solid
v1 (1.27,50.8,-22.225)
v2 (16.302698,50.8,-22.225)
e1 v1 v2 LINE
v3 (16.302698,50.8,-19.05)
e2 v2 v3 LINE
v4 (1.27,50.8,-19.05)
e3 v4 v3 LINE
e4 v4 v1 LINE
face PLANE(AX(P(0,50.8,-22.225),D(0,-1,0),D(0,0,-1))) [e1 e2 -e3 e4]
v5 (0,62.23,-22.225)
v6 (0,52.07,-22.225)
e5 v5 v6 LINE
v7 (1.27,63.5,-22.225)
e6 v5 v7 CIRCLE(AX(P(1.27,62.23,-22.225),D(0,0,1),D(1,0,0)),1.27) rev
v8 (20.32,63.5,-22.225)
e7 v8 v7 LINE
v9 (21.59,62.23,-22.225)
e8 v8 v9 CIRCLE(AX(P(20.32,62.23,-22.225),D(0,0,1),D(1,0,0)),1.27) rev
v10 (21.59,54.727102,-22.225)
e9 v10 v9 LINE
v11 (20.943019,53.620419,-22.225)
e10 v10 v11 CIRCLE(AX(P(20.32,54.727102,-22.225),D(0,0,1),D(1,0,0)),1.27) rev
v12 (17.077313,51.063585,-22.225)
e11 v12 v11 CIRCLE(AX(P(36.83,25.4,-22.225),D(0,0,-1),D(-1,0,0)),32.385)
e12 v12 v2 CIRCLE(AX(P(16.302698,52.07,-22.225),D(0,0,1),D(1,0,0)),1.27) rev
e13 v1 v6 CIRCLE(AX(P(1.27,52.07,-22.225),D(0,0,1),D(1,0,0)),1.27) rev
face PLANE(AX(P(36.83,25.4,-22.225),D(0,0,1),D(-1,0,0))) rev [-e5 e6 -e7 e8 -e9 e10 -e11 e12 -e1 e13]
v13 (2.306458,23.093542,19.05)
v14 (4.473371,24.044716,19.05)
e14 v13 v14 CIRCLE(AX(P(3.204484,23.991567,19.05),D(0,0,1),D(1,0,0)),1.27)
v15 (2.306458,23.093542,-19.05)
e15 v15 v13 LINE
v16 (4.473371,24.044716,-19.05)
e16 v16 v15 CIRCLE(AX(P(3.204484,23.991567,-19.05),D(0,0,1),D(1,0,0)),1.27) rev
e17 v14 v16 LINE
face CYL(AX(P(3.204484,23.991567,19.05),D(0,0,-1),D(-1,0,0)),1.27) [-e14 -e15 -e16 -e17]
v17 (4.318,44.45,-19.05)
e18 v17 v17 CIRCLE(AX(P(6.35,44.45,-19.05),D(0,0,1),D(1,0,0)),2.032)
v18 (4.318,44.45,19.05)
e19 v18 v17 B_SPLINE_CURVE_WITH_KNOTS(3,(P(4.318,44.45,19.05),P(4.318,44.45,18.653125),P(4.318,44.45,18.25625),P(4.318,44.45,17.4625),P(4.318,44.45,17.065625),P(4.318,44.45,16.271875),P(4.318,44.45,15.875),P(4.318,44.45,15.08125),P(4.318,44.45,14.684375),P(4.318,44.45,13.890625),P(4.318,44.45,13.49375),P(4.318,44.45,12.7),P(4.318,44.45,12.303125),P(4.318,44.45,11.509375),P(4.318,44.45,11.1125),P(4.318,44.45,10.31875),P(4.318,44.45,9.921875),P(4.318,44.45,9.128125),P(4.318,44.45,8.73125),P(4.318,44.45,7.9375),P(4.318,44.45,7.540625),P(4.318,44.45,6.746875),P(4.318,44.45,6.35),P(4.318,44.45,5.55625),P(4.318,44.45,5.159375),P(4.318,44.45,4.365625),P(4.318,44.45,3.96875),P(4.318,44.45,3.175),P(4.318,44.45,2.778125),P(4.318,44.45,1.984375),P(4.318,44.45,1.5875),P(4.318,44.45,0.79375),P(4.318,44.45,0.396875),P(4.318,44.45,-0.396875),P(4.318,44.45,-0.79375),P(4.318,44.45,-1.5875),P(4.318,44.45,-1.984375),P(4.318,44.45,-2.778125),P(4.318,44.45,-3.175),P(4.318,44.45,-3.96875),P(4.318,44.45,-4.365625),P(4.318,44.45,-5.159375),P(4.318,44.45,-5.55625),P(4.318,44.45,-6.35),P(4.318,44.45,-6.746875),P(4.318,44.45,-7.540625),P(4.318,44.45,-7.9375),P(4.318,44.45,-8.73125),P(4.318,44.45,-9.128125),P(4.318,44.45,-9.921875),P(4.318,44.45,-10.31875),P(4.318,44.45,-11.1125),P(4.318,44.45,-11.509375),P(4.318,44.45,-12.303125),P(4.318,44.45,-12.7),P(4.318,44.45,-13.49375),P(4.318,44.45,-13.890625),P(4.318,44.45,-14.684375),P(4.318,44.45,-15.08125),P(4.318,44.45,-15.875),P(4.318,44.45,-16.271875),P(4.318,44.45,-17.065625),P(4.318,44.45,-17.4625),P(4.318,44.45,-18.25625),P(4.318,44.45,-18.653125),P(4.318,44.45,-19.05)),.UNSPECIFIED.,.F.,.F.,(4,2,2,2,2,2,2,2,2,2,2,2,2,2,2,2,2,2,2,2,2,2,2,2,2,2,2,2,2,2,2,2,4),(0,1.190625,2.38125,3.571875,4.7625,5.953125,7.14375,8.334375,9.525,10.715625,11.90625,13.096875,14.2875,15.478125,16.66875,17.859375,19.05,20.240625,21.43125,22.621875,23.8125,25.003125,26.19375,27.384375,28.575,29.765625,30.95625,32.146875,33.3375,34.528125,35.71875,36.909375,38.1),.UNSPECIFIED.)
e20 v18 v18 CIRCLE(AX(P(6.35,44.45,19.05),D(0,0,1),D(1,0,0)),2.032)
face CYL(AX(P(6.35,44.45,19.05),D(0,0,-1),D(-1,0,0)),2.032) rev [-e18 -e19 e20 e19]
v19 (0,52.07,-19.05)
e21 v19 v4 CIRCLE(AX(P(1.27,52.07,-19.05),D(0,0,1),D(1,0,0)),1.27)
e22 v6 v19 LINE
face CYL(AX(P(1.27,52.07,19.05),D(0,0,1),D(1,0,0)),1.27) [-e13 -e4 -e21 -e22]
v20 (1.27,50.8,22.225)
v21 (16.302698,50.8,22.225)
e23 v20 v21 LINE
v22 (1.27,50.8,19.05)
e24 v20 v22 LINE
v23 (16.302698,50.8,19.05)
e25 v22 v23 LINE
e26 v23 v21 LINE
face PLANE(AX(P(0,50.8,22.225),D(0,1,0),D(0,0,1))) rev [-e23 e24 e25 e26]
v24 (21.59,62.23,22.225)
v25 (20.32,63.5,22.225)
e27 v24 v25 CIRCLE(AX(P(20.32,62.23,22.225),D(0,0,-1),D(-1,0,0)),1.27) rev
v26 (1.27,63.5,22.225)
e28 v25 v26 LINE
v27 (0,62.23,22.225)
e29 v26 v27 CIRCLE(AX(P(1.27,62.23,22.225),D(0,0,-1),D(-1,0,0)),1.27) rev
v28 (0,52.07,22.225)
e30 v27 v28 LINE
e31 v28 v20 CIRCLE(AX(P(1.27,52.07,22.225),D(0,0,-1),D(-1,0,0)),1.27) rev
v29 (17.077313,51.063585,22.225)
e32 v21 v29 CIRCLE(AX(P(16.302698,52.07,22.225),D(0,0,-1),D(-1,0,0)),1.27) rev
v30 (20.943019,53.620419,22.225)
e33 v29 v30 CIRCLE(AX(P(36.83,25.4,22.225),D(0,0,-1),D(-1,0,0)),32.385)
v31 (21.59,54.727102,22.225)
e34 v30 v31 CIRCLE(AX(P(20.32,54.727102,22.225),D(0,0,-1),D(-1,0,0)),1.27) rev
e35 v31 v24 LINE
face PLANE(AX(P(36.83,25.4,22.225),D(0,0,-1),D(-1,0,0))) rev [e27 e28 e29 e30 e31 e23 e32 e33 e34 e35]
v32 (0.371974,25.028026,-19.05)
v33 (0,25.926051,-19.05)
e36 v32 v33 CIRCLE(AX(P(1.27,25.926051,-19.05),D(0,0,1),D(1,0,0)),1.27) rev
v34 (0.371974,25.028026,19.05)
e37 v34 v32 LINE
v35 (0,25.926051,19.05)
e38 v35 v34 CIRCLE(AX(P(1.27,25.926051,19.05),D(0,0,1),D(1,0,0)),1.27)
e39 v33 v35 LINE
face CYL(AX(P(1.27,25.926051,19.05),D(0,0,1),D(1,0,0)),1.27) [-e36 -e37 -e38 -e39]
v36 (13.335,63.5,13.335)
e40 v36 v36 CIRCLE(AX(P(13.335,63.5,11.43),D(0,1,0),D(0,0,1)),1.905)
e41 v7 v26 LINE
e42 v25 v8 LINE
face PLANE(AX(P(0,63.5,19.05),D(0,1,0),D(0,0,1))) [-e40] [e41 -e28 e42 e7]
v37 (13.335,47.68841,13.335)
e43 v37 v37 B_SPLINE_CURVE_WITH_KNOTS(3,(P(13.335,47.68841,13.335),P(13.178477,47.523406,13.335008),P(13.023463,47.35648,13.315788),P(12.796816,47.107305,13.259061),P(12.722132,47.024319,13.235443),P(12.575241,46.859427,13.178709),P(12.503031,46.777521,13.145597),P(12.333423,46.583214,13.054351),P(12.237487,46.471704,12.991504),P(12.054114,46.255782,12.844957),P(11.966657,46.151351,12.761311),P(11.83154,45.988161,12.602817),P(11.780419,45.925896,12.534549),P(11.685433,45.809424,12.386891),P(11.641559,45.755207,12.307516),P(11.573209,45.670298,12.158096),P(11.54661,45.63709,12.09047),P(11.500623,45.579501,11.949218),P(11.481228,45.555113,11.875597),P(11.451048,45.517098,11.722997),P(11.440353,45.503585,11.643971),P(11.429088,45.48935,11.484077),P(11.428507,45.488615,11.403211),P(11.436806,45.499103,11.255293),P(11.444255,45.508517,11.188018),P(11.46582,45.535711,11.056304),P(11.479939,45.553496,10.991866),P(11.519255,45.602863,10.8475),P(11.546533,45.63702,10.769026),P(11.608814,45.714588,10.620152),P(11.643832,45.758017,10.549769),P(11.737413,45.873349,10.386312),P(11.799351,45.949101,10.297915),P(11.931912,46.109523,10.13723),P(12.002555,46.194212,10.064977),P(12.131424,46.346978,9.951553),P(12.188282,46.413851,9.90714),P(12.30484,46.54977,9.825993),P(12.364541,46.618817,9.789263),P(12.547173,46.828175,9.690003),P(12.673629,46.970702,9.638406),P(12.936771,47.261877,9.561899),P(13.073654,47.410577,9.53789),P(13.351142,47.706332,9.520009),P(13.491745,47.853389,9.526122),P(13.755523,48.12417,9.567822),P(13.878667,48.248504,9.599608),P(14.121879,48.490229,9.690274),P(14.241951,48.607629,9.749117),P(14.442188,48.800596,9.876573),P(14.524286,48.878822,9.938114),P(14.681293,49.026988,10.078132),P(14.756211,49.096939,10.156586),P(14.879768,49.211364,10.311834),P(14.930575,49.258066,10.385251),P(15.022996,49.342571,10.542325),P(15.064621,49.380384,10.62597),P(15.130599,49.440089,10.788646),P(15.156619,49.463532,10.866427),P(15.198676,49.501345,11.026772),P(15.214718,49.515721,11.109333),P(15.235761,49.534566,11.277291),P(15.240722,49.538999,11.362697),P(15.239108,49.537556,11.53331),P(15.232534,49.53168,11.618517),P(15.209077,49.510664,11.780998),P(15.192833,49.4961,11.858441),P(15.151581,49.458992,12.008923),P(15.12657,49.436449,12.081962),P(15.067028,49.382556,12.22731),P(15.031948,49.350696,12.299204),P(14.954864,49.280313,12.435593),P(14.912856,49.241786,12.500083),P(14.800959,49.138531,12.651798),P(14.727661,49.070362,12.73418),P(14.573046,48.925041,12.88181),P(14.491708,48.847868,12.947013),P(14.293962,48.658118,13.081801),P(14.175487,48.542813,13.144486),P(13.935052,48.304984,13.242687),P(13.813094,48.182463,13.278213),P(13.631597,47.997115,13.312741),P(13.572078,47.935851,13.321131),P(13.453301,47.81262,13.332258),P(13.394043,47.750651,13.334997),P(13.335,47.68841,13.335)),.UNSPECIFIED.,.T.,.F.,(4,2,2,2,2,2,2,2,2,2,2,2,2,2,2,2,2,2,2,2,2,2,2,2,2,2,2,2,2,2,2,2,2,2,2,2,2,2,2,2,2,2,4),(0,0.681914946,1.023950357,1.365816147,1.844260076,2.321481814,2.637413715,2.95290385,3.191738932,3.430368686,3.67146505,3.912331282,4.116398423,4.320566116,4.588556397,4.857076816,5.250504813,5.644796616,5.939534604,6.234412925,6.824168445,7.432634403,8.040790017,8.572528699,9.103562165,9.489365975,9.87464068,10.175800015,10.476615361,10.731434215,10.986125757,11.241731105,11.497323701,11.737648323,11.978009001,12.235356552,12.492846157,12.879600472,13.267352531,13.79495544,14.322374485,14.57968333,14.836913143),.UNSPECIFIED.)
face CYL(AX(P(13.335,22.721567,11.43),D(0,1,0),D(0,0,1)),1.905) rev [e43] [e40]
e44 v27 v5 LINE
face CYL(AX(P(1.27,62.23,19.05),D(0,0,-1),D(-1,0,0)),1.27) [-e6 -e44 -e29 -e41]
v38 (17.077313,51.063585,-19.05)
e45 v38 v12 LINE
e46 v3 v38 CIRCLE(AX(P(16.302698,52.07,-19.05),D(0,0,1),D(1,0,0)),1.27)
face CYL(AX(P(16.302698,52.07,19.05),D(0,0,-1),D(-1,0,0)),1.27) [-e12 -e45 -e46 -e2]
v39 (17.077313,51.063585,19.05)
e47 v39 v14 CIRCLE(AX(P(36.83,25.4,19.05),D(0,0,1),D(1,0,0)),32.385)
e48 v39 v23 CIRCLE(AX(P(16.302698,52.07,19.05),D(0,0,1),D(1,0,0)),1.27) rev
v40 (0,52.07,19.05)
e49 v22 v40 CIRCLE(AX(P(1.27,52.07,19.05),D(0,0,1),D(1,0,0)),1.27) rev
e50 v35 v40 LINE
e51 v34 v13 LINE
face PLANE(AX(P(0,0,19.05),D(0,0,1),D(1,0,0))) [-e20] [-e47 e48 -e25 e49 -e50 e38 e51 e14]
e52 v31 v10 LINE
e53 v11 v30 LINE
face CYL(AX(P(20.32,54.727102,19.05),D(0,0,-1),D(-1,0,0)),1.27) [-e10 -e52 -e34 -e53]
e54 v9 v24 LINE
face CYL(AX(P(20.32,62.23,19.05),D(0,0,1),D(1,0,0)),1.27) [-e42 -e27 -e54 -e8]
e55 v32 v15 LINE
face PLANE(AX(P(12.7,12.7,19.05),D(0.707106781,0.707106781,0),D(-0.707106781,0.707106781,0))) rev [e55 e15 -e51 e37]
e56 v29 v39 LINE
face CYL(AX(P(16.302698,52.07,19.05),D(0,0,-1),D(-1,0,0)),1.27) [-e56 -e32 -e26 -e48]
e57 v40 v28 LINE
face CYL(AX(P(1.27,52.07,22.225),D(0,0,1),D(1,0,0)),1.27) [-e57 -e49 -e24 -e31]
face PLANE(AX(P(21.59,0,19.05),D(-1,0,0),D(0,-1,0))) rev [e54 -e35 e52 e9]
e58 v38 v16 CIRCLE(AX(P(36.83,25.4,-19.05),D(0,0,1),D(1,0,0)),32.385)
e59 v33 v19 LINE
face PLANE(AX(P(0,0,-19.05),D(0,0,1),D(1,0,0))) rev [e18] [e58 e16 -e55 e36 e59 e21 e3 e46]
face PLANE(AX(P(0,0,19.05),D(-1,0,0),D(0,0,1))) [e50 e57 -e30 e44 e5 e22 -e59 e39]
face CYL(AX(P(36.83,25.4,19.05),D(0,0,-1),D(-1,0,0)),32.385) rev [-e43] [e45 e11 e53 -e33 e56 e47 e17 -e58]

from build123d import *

# Parameters (mm, degrees)
SKETCH1_R           = 2.032
BOSS_EXTRUDE1_DEPTH = 19.05
BOSS_EXTRUDE2_START = 3.175
BOSS_EXTRUDE2_DEPTH = 3.175
FILLET1_R           = 1.27
SKETCH3_R           = 1.905
CUT_EXTRUDE1_DEPTH  = 52.21483461447027


with BuildPart() as part:
    # Sketch1 → Boss-Extrude1 (new, symmetric)
    # profile 1 of 2: a face of its own
    with BuildSketch(Plane.XY):
        with BuildLine():
            Line((0, 50.8), (0, 25.40000000000009))
            Line((0, 25.40000000000009), (4.803171045006462, 20.59682895499363))
            ThreePointArc((4.803171045006465, 20.59682895499363), (7.897944154578656, 39.95075151177493), (21.589999999999996, 53.97499999999999))
            Line((21.589999999999996, 53.974999999999994), (21.589999999999996, 63.5))
            Line((21.589999999999996, 63.5), (0, 63.5))
            Line((0, 63.5), (0, 50.8))
        make_face()
        with Locations(Location((6.35, 44.449999999999996, 0), (0, 0, 180))):
            Circle(SKETCH1_R, mode=Mode.SUBTRACT)
    # profile 2 of 2: a face of its own
    with BuildSketch(Plane.XY):
        with BuildLine():
            Line((0, 50.8), (0, 25.40000000000009))
            Line((0, 25.40000000000009), (4.803171045006462, 20.59682895499363))
            ThreePointArc((4.803171045006465, 20.59682895499363), (7.897944154578656, 39.95075151177493), (21.589999999999996, 53.97499999999999))
            Line((21.589999999999996, 53.974999999999994), (21.589999999999996, 63.5))
            Line((21.589999999999996, 63.5), (0, 63.5))
            Line((0, 63.5), (0, 50.8))
        make_face()
        with Locations(Location((6.35, 44.449999999999996, 0), (0, 0, 180))):
            Circle(SKETCH1_R, mode=Mode.SUBTRACT)
    extrude(amount=BOSS_EXTRUDE1_DEPTH, both=True)

    # Sketch2 → Boss-Extrude2 (add)
    with BuildSketch(Plane.XY.offset(19.05).offset(BOSS_EXTRUDE2_START)):
        with BuildLine():
            Line((0, 63.5), (21.589999999999996, 63.5))
            Line((21.589999999999996, 63.5), (21.589999999999996, 53.974999999999994))
            ThreePointArc((21.589999999999996, 53.974999999999994), (19.09356210818939, 52.4962542782198), (16.7394991351634, 50.8))
            Line((16.7394991351634, 50.8), (1.56e-15, 50.8))
            Line((1.56e-15, 50.8), (0, 63.5))
        make_face()
    boss_extrude2 = extrude(amount=-BOSS_EXTRUDE2_DEPTH)

    # Mirror1: Boss-Extrude2 across plane
    add(boss_extrude2.mirror(Plane.XY))

    # Fillet1
    fillet1_edges = [part.edges().sort_by_distance(p)[0] for p in [
        (4.803171045006463, 20.59682895499363, 0),
        (0, 25.40000000000009, 0),
        (0, 63.5, 0),
        (21.589999999999996, 63.5, 0),
        (21.589999999999996, 53.974999999999994, 0),
        (1.56e-15, 50.8, 20.637500000000003),
        (16.7394991351634, 50.8, 20.637500000000003),
        (1.56e-15, 50.8, -20.637500000000003),
        (16.7394991351634, 50.8, -20.637500000000003),
    ]]
    fillet(fillet1_edges, radius=FILLET1_R)

    # Sketch3 → Cut-Extrude1 (cut, through all)
    with BuildSketch(Plane(origin=(0, 63.5, 0), x_dir=(1, 0, 0), z_dir=(0, 1, 0))):
        with Locations(Location((13.335, -11.430000000000003, 0), (0, 0, 270))):
            Circle(SKETCH3_R)
    extrude(amount=-CUT_EXTRUDE1_DEPTH, mode=Mode.SUBTRACT)


solid = part.part
